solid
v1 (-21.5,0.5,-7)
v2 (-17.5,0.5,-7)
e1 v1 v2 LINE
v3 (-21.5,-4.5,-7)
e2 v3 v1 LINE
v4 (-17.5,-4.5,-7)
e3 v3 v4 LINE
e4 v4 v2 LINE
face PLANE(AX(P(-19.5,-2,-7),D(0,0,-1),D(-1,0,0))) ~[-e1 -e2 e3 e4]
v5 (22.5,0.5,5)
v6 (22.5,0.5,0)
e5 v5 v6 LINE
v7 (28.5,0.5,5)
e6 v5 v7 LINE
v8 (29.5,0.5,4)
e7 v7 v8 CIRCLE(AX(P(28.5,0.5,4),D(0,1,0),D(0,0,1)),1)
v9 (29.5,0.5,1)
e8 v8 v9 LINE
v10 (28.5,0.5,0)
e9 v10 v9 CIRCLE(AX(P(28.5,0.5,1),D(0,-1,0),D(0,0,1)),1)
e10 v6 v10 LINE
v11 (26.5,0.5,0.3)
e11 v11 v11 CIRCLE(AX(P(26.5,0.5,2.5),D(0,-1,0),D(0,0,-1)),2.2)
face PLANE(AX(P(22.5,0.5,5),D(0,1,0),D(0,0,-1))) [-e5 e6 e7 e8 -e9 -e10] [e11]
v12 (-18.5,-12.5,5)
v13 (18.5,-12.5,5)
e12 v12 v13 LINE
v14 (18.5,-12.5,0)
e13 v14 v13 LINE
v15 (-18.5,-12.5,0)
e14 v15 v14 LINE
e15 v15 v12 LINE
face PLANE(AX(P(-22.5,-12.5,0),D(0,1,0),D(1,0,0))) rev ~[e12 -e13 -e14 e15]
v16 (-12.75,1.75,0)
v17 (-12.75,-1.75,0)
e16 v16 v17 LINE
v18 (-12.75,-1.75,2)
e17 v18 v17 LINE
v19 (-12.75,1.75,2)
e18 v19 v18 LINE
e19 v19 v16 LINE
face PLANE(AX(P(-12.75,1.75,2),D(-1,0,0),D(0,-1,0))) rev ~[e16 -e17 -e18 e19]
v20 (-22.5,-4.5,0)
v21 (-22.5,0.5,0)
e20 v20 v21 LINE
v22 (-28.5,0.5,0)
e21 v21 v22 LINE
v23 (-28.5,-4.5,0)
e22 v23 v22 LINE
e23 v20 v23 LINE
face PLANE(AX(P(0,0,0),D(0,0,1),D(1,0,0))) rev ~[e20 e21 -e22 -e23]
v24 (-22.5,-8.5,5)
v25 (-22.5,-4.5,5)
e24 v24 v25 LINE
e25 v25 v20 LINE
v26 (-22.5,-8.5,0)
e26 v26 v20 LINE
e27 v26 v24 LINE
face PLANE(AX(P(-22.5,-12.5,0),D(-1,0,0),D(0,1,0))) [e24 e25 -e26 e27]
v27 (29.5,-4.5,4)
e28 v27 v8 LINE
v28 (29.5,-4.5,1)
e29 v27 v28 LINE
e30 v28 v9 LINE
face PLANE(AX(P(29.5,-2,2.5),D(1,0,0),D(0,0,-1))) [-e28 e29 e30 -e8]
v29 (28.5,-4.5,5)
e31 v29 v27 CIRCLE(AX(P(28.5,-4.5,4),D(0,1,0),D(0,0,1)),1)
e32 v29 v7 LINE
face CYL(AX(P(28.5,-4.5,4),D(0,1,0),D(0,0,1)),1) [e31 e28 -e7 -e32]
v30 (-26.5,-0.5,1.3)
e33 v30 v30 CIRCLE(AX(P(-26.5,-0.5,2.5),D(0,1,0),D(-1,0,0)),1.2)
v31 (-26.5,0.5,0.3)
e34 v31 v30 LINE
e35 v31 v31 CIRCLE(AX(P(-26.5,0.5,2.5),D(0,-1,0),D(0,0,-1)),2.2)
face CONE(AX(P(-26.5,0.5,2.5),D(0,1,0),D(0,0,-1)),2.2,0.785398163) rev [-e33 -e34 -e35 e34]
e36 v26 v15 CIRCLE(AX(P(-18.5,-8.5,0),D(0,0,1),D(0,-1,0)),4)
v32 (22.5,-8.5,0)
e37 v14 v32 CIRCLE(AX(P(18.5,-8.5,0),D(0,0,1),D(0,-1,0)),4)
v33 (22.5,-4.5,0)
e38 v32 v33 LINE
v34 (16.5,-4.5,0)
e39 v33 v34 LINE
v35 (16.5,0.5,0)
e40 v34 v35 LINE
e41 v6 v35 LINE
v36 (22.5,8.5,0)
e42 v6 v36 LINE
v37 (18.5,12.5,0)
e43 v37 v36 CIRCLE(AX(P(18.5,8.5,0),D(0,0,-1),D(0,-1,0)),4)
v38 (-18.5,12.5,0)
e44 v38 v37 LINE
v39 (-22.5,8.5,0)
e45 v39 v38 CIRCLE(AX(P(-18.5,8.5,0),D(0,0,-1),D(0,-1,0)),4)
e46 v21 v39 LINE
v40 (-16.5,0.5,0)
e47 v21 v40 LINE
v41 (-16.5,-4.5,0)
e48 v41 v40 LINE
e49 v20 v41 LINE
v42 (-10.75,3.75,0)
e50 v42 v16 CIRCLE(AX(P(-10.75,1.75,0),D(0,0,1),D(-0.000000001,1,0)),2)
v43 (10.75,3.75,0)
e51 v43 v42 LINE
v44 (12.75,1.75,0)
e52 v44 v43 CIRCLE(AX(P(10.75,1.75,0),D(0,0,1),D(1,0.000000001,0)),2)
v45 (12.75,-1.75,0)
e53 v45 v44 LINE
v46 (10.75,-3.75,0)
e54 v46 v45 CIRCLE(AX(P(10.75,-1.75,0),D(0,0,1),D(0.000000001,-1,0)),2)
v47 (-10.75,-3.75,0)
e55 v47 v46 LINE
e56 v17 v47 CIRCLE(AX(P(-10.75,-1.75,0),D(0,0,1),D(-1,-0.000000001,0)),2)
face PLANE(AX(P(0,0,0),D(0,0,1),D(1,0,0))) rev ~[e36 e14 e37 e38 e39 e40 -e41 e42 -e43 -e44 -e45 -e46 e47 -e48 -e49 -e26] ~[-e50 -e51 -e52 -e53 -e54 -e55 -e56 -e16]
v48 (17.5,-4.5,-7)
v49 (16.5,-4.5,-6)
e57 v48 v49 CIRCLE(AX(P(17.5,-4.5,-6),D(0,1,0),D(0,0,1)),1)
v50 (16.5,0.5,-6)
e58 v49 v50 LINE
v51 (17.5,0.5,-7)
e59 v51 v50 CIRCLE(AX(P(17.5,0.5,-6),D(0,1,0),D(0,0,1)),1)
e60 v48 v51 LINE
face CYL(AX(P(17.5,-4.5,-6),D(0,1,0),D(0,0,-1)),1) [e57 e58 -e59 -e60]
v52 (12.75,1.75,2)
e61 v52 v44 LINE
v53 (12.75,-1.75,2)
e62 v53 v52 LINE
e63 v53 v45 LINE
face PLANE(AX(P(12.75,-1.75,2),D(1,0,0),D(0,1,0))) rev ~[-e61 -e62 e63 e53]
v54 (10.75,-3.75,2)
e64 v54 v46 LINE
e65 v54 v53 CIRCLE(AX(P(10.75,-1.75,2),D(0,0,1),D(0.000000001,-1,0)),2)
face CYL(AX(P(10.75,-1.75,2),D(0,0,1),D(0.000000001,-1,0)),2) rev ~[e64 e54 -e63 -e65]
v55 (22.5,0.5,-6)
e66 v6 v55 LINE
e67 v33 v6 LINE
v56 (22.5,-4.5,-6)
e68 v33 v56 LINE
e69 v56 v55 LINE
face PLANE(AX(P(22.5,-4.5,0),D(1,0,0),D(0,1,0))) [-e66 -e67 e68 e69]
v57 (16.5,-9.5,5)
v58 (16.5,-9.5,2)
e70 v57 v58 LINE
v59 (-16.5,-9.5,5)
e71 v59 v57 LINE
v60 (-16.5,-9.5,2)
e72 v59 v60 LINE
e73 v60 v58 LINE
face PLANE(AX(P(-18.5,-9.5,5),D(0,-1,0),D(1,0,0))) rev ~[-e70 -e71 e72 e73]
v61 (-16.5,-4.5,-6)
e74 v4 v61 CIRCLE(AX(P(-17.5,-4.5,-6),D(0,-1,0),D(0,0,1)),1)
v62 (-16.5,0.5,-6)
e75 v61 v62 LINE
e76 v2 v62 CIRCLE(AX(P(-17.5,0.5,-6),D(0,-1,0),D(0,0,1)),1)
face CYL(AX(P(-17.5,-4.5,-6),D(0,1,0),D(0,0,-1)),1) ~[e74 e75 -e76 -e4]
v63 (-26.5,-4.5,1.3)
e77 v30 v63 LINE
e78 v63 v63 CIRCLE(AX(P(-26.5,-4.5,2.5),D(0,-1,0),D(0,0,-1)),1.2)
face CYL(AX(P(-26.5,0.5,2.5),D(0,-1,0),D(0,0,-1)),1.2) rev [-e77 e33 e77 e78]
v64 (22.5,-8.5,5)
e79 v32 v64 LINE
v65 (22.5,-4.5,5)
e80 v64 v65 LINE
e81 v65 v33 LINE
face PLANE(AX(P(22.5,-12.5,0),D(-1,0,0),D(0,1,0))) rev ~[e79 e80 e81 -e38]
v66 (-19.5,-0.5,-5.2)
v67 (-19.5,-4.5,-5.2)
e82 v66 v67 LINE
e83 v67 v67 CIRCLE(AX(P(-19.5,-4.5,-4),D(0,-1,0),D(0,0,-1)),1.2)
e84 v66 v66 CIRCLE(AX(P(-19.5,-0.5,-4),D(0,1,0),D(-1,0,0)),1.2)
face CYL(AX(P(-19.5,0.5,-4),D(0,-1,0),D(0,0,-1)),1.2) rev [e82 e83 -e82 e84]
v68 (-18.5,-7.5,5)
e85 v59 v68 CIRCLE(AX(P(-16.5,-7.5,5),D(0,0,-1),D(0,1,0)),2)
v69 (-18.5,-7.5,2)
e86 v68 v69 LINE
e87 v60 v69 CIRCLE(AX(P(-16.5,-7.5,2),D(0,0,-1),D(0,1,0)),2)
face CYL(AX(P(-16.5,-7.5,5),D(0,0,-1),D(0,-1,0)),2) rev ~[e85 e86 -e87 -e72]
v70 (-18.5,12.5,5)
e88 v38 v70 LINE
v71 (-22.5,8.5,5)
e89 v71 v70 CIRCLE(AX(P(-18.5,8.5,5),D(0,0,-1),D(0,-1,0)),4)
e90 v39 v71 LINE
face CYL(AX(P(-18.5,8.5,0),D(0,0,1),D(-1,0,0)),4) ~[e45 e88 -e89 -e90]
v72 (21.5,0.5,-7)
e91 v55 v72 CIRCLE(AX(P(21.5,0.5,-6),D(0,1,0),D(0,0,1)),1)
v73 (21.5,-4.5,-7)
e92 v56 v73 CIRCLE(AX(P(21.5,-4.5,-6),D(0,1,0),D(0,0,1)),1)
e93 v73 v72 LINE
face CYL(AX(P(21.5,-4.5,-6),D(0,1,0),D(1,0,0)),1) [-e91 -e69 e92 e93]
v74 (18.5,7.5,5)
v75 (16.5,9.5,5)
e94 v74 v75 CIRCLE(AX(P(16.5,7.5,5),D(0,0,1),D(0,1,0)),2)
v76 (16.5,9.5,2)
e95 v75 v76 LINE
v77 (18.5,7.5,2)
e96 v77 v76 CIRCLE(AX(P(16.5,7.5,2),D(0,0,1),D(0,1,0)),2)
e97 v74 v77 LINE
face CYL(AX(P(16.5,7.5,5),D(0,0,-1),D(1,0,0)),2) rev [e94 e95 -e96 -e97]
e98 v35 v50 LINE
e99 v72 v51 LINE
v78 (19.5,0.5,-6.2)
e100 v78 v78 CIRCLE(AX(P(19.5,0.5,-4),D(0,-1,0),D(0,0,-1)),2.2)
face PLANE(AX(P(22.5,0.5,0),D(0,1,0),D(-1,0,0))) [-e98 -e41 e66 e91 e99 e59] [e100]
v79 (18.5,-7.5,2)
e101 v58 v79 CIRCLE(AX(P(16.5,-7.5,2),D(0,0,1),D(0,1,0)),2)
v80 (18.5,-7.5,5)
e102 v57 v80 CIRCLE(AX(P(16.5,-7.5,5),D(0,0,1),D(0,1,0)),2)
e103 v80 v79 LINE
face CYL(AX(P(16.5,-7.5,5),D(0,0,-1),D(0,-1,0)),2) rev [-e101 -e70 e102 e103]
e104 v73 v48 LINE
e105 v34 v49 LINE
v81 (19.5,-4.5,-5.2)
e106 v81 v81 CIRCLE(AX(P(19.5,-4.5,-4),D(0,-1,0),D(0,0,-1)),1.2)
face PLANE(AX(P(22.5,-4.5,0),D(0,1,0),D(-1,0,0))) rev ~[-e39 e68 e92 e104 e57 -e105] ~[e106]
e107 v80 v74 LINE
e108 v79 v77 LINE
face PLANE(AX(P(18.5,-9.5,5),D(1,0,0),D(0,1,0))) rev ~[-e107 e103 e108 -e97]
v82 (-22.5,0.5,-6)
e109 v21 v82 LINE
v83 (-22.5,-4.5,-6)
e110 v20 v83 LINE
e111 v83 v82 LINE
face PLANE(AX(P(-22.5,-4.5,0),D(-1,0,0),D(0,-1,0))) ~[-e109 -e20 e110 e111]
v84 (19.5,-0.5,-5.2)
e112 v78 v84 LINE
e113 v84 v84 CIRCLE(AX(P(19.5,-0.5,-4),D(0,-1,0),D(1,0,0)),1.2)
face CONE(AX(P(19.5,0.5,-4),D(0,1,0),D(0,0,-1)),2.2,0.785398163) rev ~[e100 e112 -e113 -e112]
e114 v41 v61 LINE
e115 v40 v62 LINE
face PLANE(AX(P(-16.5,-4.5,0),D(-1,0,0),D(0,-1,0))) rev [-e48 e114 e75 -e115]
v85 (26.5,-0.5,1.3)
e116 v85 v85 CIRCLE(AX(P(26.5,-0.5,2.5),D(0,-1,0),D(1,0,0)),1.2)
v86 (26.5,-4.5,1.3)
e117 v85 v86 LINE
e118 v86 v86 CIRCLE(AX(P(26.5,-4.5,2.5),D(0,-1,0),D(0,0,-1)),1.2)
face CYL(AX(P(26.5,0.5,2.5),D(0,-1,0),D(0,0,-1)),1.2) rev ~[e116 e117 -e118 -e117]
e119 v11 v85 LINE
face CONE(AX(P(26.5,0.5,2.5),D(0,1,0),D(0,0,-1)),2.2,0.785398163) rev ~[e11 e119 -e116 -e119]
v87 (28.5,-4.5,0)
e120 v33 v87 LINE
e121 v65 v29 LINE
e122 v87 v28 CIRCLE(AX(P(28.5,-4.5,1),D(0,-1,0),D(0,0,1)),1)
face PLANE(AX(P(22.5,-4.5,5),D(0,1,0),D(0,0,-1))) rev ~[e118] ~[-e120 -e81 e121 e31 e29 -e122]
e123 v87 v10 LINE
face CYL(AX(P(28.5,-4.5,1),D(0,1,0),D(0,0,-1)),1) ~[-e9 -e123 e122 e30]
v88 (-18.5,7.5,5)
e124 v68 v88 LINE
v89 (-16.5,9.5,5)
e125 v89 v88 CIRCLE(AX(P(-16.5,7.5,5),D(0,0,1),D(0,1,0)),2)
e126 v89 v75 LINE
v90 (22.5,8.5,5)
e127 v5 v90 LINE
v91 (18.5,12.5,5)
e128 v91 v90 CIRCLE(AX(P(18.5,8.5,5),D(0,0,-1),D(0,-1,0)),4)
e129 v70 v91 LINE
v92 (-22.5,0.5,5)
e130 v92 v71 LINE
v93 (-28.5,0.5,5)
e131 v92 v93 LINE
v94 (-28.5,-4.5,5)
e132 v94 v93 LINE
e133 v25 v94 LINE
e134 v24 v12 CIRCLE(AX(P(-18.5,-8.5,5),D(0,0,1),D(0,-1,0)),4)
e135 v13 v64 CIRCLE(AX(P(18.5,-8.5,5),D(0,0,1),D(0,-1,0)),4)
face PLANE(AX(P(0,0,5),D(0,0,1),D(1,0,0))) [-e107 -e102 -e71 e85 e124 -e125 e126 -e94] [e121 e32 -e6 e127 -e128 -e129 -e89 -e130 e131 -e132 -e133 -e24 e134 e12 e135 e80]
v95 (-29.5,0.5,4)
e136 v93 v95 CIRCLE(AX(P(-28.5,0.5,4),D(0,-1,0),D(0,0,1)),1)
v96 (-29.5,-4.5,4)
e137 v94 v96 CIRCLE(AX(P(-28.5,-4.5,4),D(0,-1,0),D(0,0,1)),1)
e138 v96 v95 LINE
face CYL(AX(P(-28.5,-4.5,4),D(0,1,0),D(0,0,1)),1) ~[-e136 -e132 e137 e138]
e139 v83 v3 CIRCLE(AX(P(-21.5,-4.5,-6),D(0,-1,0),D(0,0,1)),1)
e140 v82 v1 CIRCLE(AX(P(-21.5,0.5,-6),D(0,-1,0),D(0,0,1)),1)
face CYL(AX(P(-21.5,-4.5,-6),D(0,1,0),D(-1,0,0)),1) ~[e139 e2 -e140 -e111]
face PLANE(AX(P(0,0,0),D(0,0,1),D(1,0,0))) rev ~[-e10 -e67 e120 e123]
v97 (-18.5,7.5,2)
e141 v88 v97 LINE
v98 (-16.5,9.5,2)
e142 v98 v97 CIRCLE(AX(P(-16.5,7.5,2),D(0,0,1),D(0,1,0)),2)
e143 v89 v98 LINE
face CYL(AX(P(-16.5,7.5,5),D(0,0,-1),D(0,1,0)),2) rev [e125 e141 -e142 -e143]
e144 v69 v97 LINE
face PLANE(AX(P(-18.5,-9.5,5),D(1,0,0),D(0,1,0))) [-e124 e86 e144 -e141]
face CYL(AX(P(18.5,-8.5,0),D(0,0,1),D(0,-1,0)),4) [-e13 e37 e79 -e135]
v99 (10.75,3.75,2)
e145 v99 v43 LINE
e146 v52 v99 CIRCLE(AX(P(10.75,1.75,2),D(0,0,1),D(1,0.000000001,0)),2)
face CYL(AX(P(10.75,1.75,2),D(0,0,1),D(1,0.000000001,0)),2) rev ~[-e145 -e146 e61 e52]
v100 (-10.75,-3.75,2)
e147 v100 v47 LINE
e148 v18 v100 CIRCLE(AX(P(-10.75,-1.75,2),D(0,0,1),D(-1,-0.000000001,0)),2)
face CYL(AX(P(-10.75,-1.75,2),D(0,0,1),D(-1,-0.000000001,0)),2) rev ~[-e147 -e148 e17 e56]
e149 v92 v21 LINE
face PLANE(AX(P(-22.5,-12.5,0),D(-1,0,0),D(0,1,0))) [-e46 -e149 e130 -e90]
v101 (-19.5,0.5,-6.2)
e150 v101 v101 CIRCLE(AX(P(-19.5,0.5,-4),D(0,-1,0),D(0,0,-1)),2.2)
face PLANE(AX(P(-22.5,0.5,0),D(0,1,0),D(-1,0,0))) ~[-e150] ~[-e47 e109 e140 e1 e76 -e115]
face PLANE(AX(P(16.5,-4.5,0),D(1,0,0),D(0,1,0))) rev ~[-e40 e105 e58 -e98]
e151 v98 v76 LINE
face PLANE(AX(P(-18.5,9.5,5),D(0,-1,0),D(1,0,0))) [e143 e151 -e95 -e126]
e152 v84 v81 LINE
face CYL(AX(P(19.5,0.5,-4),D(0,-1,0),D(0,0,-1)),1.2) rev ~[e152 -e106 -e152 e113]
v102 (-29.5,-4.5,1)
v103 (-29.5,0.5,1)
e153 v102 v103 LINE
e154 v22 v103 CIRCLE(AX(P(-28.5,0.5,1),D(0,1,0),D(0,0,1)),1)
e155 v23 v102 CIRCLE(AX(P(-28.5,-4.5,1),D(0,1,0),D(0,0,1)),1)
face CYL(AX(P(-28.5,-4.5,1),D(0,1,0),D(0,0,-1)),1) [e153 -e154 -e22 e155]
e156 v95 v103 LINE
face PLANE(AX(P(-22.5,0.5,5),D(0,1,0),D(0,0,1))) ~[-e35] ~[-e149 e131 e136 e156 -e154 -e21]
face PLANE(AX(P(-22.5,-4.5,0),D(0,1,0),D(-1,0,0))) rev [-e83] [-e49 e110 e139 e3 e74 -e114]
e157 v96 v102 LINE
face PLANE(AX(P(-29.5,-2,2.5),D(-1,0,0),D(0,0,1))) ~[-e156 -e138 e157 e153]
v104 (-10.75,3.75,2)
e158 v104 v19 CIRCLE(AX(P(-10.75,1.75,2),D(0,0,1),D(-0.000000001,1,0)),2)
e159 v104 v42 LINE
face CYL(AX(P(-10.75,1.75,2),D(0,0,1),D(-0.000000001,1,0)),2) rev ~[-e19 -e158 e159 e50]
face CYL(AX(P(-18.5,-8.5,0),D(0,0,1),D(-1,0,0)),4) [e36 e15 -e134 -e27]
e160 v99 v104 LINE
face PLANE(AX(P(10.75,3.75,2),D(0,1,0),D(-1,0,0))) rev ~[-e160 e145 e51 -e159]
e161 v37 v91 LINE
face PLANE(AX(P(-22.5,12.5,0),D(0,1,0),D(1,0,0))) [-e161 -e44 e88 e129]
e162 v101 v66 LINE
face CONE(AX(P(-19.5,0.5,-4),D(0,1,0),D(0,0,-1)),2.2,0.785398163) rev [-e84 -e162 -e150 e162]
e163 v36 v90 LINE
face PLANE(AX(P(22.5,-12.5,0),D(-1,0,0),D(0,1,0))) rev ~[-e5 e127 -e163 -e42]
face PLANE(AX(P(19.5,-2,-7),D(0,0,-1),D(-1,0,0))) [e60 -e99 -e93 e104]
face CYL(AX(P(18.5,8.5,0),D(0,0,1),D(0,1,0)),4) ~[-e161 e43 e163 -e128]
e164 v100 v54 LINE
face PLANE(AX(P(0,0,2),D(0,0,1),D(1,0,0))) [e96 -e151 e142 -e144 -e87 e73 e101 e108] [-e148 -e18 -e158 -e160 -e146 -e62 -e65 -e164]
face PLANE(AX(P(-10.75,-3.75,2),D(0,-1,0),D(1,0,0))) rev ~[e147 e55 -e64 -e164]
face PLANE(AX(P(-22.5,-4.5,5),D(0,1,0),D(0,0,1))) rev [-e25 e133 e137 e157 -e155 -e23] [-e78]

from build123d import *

# Parameters (mm, degrees)
SKETCH1_W                                       = 45
SKETCH1_H                                       = 25
BOSS_EXTRUDE1_DEPTH                             = 5
SKETCH2_W                                       = 37
SKETCH2_H                                       = 19
CUT_EXTRUDE1_DEPTH                              = 3
FILLET1_R                                       = 2
CUT_EXTRUDE2_DEPTH                              = 26.91331704
FILLET2_R                                       = 4
SKETCH4_W                                       = 5
SKETCH4_H                                       = 5
BOSS_EXTRUDE2_DEPTH                             = 7
CSK_FOR_M2_FLAT_HEAD_MACHINE_SCREW1_D           = 2.4
CSK_FOR_M2_FLAT_HEAD_MACHINE_SCREW1_CSINK_D     = 4.4
CSK_FOR_M2_FLAT_HEAD_MACHINE_SCREW1_CSINK_ANGLE = 90
FILLET3_R                                       = 1
FILLET3_OF_MIRROR1_R                            = 1
SKETCH8_W                                       = 6
SKETCH8_H                                       = 5
BOSS_EXTRUDE3_DEPTH                             = 7
CSK_FOR_M2_FLAT_HEAD_MACHINE_SCREW2_D           = 2.4
CSK_FOR_M2_FLAT_HEAD_MACHINE_SCREW2_CSINK_D     = 4.4
CSK_FOR_M2_FLAT_HEAD_MACHINE_SCREW2_CSINK_ANGLE = 90
FILLET4_R                                       = 1
FILLET4_OF_MIRROR2_R                            = 1


with BuildPart() as part:
    # Sketch1 → Boss-Extrude1 (new body)
    with BuildSketch(Plane.XY):
        Rectangle(SKETCH1_W, SKETCH1_H)
    extrude(amount=BOSS_EXTRUDE1_DEPTH)

    # Sketch2 → Cut-Extrude1 (cut)
    with BuildSketch(Plane.XY.offset(5)):
        Rectangle(SKETCH2_W, SKETCH2_H)
    extrude(amount=-CUT_EXTRUDE1_DEPTH, mode=Mode.SUBTRACT)

    # Fillet1
    fillet1_edges = [part.edges().sort_by_distance(p)[0] for p in [
        (18.5, 9.5, 3.5),
        (18.5, -9.5, 3.5),
        (-18.5, -9.5, 3.5),
        (-18.5, 9.5, 3.5),
    ]]
    fillet(fillet1_edges, radius=FILLET1_R)

    # Sketch3 → Cut-Extrude2 (cut, through all)
    with BuildSketch(Plane.XY.offset(2)):
        with BuildLine():
            Line((-10.75, -3.75), (10.75, -3.75))
            ThreePointArc((10.75, -3.75), (12.164213562, -3.164213562), (12.75, -1.75))
            Line((12.75, -1.75), (12.75, 1.75))
            ThreePointArc((12.75, 1.75), (12.164213562, 3.164213562), (10.75, 3.75))
            Line((10.75, 3.75), (-10.75, 3.75))
            ThreePointArc((-10.75, 3.75), (-12.164213562, 3.164213562), (-12.75, 1.75))
            Line((-12.75, 1.75), (-12.75, -1.75))
            ThreePointArc((-12.75, -1.75), (-12.164213562, -3.164213562), (-10.75, -3.75))
        make_face()
    extrude(amount=-CUT_EXTRUDE2_DEPTH, mode=Mode.SUBTRACT)

    # Fillet2
    fillet2_edges = [part.edges().sort_by_distance(p)[0] for p in [
        (22.5, -12.5, 2.5),
        (-22.5, -12.5, 2.5),
        (-22.5, 12.5, 2.5),
        (22.5, 12.5, 2.5),
    ]]
    fillet(fillet2_edges, radius=FILLET2_R)

    # Sketch4 → Boss-Extrude2 (add)
    with BuildSketch(Plane(origin=(22.5, 0, 0), x_dir=(0, 0, -1), z_dir=(1, 0, 0))):
        with Locations((-2.5, -2)):
            Rectangle(SKETCH4_W, SKETCH4_H)
    boss_extrude2 = extrude(amount=BOSS_EXTRUDE2_DEPTH)

    # CSK for M2 Flat Head Machine Screw1 (through all)
    with Locations(Plane(origin=(26.5, 0.5, 2.5), x_dir=(0, 0, 1), z_dir=(0, 1, 0))):
        with Locations((0, 0)):
            csk_for_m2_flat_head_machine_screw1 = CounterSinkHole(CSK_FOR_M2_FLAT_HEAD_MACHINE_SCREW1_D / 2, CSK_FOR_M2_FLAT_HEAD_MACHINE_SCREW1_CSINK_D / 2, counter_sink_angle=CSK_FOR_M2_FLAT_HEAD_MACHINE_SCREW1_CSINK_ANGLE)

    # Fillet3
    fillet3_edges = [part.edges().sort_by_distance(p)[0] for p in [
        (29.5, -2, 5),
        (29.5, -2, 0),
    ]]
    fillet(fillet3_edges, radius=FILLET3_R)

    # Mirror1: Boss-Extrude2, CSK for M2 Flat Head Machine Screw1 across plane
    add(boss_extrude2.mirror(Plane(origin=(0, 0, 0), x_dir=(0, 0, 1), z_dir=(1, 0, 0))))
    add(csk_for_m2_flat_head_machine_screw1.mirror(Plane(origin=(0, 0, 0), x_dir=(0, 0, 1), z_dir=(1, 0, 0))), mode=Mode.SUBTRACT)

    # Fillet3 of Mirror1
    fillet3_of_mirror1_edges = [part.edges().sort_by_distance(p)[0] for p in [
        (-29.5, -2, 5),
        (-29.5, -2, 0),
    ]]
    fillet(fillet3_of_mirror1_edges, radius=FILLET3_OF_MIRROR1_R)

    # Sketch8 → Boss-Extrude3 (add)
    with BuildSketch(Plane(origin=(0, 0, 0), x_dir=(-1, 0, 0), z_dir=(0, 0, -1))):
        with Locations((-19.5, -2)):
            Rectangle(SKETCH8_W, SKETCH8_H)
    boss_extrude3 = extrude(amount=BOSS_EXTRUDE3_DEPTH)

    # CSK for M2 Flat Head Machine Screw2 (through all)
    with Locations(Plane(origin=(19.5, 0.5, -4), x_dir=(0, 0, 1), z_dir=(0, 1, 0))):
        with Locations((0, 0)):
            csk_for_m2_flat_head_machine_screw2 = CounterSinkHole(CSK_FOR_M2_FLAT_HEAD_MACHINE_SCREW2_D / 2, CSK_FOR_M2_FLAT_HEAD_MACHINE_SCREW2_CSINK_D / 2, counter_sink_angle=CSK_FOR_M2_FLAT_HEAD_MACHINE_SCREW2_CSINK_ANGLE)

    # Fillet4
    fillet4_edges = [part.edges().sort_by_distance(p)[0] for p in [
        (22.5, -2, -7),
        (16.5, -2, -7),
    ]]
    fillet(fillet4_edges, radius=FILLET4_R)

    # Mirror2: Boss-Extrude3, CSK for M2 Flat Head Machine Screw2 across plane
    add(boss_extrude3.mirror(Plane(origin=(0, 0, 0), x_dir=(0, 0, 1), z_dir=(1, 0, 0))))
    add(csk_for_m2_flat_head_machine_screw2.mirror(Plane(origin=(0, 0, 0), x_dir=(0, 0, 1), z_dir=(1, 0, 0))), mode=Mode.SUBTRACT)

    # Fillet4 of Mirror2
    fillet4_of_mirror2_edges = [part.edges().sort_by_distance(p)[0] for p in [
        (-22.5, -2, -7),
        (-16.5, -2, -7),
    ]]
    fillet(fillet4_of_mirror2_edges, radius=FILLET4_OF_MIRROR2_R)


solid = part.part
